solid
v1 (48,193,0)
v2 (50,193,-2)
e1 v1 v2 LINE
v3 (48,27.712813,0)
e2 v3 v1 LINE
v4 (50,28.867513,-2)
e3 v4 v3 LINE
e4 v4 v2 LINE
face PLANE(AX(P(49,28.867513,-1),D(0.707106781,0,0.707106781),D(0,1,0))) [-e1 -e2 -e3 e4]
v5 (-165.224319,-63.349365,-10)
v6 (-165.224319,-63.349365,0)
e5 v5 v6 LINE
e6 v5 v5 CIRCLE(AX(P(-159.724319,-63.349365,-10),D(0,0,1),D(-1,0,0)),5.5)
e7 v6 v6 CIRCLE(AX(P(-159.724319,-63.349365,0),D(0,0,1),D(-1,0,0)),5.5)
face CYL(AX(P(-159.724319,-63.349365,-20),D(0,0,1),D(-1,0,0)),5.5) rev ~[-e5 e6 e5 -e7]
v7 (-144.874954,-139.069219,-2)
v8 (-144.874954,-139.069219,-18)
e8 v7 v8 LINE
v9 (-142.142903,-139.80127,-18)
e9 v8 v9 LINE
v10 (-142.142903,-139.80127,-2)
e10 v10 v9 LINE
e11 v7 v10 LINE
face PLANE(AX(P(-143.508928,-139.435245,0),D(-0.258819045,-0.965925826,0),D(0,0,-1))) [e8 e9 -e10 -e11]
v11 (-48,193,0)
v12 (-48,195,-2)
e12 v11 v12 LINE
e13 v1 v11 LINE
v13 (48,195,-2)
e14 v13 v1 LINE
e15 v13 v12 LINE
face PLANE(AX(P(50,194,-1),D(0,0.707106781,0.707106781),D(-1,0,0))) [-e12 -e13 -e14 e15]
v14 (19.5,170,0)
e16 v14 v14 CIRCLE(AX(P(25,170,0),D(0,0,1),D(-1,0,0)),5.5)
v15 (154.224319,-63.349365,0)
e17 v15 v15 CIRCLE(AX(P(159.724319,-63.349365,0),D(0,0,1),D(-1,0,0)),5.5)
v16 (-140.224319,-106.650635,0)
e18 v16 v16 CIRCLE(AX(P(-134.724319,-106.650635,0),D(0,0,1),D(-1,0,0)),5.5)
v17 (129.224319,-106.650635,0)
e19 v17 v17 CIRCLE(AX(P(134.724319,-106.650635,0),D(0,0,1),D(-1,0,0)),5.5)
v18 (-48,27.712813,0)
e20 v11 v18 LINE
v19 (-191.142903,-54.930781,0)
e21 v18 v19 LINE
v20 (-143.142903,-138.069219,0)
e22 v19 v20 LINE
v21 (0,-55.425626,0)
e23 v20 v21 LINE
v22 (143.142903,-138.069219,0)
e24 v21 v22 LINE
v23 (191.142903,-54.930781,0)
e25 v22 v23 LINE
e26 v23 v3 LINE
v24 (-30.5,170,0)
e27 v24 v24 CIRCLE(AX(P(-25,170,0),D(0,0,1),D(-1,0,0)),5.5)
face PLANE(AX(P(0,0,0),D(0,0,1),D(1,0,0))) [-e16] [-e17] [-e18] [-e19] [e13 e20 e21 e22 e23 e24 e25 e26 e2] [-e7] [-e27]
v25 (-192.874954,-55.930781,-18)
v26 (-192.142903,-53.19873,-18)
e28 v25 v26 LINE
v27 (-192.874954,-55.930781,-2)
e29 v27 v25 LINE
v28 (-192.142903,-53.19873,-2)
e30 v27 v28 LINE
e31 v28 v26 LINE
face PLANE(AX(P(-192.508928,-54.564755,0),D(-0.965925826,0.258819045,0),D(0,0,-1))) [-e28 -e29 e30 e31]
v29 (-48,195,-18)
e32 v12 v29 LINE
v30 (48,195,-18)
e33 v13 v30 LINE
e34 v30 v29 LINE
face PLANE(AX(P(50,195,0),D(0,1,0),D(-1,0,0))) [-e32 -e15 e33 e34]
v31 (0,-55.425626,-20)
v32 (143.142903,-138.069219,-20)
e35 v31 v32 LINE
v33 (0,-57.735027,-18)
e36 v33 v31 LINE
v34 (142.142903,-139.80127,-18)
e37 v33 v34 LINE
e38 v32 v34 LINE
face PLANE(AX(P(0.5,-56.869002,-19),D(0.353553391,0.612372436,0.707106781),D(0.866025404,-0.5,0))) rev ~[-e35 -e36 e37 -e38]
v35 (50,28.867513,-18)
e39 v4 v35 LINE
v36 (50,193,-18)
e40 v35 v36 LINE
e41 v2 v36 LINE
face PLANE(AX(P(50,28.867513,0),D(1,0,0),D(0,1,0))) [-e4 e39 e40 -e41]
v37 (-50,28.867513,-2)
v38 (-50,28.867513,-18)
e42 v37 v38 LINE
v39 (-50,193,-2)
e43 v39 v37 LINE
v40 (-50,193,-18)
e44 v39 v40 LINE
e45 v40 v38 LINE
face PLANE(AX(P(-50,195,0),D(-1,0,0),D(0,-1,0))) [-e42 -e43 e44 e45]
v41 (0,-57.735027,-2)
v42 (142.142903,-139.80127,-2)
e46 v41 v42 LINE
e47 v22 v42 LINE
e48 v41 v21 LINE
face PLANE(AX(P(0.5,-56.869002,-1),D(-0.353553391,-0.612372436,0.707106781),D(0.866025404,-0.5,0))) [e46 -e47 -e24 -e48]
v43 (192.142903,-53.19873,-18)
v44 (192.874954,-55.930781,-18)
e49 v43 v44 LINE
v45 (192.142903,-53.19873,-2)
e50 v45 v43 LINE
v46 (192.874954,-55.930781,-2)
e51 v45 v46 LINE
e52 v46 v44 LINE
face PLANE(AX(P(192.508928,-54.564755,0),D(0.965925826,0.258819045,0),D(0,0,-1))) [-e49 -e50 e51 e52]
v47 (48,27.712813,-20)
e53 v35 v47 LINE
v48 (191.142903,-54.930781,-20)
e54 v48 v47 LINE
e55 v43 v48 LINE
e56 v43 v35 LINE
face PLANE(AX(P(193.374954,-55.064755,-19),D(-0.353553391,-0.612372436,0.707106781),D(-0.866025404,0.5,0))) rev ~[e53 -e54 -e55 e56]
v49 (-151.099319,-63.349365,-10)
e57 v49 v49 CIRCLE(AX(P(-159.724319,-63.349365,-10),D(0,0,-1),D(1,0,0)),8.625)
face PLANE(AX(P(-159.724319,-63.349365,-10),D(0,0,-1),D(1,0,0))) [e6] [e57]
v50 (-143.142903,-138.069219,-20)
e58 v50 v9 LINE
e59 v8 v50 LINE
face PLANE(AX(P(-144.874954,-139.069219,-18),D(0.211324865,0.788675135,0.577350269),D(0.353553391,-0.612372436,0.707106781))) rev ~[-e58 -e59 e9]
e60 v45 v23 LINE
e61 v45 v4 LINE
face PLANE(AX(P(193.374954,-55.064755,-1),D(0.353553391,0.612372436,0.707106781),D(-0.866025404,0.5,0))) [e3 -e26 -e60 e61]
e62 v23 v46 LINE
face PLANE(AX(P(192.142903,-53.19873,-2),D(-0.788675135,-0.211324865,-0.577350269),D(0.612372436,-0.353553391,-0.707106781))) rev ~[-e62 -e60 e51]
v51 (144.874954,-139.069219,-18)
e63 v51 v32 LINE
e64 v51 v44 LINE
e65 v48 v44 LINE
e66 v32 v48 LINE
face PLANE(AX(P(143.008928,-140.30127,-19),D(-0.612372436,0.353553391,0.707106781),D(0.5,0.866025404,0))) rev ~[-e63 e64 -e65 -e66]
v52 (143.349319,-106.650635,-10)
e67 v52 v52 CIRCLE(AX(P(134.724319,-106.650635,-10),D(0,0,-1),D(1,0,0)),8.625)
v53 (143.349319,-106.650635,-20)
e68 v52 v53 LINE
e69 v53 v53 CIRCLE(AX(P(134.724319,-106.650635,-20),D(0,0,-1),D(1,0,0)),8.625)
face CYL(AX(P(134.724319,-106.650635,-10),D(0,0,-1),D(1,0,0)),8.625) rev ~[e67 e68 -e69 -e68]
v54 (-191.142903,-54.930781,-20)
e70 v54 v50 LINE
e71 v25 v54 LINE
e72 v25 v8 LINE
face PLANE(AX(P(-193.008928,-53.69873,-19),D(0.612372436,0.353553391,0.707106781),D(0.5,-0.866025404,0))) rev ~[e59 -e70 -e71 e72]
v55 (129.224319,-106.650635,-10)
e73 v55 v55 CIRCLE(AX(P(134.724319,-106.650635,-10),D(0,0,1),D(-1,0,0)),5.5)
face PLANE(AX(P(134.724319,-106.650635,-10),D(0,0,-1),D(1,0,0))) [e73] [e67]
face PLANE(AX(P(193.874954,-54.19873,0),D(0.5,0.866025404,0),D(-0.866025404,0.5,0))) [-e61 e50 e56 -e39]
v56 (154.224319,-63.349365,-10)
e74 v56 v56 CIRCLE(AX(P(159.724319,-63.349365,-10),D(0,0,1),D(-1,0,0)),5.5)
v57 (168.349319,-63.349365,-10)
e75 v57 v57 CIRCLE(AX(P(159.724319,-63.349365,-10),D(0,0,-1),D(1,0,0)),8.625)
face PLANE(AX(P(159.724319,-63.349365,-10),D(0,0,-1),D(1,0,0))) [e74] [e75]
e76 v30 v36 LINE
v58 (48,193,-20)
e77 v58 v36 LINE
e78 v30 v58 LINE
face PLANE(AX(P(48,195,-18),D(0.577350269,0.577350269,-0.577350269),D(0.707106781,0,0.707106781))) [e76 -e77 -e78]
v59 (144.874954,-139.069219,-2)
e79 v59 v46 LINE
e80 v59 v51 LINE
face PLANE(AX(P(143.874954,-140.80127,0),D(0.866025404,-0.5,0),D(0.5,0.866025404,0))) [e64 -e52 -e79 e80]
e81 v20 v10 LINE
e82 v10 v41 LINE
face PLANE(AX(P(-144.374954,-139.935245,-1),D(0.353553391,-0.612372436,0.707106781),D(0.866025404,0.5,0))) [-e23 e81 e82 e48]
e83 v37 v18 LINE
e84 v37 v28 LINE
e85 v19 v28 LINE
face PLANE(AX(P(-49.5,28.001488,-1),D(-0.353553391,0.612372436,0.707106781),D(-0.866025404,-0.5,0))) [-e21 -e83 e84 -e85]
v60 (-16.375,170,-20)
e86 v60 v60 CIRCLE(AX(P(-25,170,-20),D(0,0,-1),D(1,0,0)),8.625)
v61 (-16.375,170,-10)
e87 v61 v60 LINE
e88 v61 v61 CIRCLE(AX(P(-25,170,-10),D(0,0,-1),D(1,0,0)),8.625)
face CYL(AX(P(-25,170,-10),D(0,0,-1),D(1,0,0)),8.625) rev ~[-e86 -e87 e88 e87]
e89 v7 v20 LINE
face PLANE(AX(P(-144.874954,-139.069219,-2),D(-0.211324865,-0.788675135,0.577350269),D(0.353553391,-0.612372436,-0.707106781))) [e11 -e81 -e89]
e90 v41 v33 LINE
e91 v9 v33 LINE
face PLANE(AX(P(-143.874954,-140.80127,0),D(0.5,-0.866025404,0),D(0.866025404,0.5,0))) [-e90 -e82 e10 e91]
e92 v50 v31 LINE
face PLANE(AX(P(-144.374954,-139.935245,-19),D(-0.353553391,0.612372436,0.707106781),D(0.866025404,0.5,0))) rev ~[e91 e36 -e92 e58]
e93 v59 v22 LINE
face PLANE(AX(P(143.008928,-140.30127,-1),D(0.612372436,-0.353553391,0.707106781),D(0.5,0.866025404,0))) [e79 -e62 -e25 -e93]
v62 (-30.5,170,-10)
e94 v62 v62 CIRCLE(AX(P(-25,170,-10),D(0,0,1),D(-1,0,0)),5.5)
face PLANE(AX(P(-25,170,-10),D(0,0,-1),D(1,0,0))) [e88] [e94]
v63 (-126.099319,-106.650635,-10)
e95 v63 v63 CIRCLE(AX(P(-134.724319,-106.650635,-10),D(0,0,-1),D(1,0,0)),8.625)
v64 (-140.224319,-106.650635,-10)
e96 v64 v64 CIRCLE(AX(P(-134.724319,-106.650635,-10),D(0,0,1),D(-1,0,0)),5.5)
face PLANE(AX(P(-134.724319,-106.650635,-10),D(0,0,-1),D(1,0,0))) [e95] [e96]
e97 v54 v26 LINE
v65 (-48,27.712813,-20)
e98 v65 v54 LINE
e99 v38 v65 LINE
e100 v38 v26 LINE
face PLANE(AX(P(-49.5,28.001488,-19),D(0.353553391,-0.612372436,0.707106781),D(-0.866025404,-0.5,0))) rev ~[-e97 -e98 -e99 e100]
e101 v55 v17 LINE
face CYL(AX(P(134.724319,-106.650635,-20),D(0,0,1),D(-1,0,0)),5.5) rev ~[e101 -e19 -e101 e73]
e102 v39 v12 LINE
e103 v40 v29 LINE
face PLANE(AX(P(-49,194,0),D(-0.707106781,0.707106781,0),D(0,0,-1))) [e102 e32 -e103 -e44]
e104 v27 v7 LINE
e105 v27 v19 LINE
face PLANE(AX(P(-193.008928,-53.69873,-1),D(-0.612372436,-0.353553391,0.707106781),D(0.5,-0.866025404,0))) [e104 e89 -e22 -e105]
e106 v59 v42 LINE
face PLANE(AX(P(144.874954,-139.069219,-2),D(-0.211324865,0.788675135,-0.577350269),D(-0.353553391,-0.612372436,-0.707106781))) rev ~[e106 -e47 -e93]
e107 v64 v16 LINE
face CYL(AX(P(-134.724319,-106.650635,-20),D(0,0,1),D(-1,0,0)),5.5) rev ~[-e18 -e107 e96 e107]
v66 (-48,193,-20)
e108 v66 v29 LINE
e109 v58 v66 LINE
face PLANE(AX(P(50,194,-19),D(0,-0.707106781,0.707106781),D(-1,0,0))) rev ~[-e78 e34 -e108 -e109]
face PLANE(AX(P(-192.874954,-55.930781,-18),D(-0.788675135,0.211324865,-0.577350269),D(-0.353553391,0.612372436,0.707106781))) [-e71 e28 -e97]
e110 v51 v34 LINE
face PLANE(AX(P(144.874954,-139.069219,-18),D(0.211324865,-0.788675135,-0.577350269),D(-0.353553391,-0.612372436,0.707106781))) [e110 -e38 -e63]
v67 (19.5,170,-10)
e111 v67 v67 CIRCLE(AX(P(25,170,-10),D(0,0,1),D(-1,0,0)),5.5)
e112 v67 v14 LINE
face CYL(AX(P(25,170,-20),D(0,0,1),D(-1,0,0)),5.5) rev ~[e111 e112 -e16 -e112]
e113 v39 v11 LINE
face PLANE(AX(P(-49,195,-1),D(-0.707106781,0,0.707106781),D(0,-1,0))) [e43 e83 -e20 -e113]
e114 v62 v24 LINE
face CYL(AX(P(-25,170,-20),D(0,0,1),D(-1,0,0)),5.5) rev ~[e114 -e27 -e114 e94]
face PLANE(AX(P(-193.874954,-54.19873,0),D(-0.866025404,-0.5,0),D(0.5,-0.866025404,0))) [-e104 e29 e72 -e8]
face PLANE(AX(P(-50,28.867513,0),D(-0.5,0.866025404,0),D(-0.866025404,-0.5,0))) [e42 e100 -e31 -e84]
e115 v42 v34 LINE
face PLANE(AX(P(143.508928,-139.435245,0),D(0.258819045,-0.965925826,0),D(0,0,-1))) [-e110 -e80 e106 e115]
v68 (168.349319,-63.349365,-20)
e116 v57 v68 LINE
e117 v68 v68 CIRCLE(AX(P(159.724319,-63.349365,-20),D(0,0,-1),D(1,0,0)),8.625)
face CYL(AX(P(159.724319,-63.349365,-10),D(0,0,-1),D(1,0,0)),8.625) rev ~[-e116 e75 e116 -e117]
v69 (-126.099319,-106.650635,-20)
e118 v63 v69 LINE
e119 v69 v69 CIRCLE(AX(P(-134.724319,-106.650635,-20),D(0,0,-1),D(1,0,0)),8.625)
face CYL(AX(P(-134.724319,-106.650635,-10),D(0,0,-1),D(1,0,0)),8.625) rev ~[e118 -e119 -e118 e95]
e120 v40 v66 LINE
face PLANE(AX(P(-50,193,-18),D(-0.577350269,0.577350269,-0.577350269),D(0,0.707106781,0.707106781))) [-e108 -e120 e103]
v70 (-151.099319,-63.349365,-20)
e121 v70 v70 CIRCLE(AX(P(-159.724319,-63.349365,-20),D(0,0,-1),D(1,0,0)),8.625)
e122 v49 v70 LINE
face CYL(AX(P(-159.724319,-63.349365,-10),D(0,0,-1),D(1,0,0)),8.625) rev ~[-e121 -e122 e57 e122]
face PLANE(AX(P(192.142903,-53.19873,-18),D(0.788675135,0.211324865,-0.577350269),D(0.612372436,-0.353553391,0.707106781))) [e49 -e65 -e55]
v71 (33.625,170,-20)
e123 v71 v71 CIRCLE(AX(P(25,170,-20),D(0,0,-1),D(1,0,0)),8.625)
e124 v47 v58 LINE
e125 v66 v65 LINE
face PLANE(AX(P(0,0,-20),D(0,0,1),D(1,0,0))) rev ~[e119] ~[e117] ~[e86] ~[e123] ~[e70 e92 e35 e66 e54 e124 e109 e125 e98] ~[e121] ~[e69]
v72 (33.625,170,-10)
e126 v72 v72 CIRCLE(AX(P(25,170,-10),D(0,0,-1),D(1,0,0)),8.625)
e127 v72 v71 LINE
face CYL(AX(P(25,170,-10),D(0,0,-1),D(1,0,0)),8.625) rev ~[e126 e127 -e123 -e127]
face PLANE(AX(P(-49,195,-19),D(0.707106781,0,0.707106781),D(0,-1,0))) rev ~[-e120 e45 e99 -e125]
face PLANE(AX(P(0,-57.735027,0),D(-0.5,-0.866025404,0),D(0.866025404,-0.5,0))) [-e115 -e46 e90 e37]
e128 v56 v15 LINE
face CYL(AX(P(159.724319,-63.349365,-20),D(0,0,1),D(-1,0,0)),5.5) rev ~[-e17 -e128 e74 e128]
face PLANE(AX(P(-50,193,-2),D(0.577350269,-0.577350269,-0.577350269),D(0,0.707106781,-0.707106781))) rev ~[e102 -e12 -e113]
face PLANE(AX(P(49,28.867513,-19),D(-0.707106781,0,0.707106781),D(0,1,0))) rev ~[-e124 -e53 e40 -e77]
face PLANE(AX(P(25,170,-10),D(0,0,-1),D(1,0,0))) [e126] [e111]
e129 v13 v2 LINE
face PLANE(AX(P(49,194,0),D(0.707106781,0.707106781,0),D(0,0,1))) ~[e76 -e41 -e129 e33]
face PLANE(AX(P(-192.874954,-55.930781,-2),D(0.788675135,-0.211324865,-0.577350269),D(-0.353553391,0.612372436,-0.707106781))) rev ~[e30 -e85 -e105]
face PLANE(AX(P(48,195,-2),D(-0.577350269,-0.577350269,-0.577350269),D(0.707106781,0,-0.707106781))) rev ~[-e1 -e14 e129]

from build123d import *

# Parameters (mm, degrees)
F1_DEPTH       = 20
F2_SIZE        = 2
F4_D           = 11
F4_CBORE_D     = 17.25
F4_CBORE_DEPTH = 10


with BuildPart() as f1:
    # F0 (on Top) → F1 (new body)
    with BuildSketch(Plane.XY):
        Polygon((50, 195), (-50, 195), (-50, 28.8675134595), (-193.874953738, -54.1987298108), (-143.874953738, -140.8012701892), (0, -57.735026919), (143.874953738, -140.8012701892), (193.874953738, -54.1987298108), (50, 28.8675134595), align=None)
    extrude(amount=-F1_DEPTH)

    # F2
    f2_edges = [f1.edges().sort_by_distance(p)[0] for p in [
        (-71.937477, -99.268149, 0),
        (71.937477, -99.268149, 0),
        (168.874954, -97.5, 0),
        (121.937477, -12.665608, 0),
        (50, 111.933757, 0),
        (0, 195, 0),
        (-50, 111.933757, 0),
        (-121.937477, -12.665608, 0),
        (-168.874954, -97.5, 0),
        (-71.937477, -99.268149, -20),
        (71.937477, -99.268149, -20),
        (168.874954, -97.5, -20),
        (121.937477, -12.665608, -20),
        (50, 111.933757, -20),
        (0, 195, -20),
        (-50, 111.933757, -20),
        (-121.937477, -12.665608, -20),
        (-168.874954, -97.5, -20),
        (-143.874954, -140.80127, -10),
        (-193.874954, -54.19873, -10),
        (-50, 195, -10),
        (50, 195, -10),
        (193.874954, -54.19873, -10),
        (143.874954, -140.80127, -10),
    ]]
    chamfer(f2_edges, length=F2_SIZE)

    # F4 (through all)
    with Locations(Plane(origin=(0, 0, -20), x_dir=(1, 0, 0), z_dir=(0, 0, -1))):
        with Locations((159.7243186434, 63.3493649054), (134.7243186434, 106.6506350946), (-25, -170), (25, -170), (-134.7243186434, 106.6506350946), (-159.7243186434, 63.3493649054)):
            CounterBoreHole(F4_D / 2, F4_CBORE_D / 2, F4_CBORE_DEPTH)


with BuildPart() as f5_1:
    # F5: copy of F1
    add(f1.part)


solid = f1.part
